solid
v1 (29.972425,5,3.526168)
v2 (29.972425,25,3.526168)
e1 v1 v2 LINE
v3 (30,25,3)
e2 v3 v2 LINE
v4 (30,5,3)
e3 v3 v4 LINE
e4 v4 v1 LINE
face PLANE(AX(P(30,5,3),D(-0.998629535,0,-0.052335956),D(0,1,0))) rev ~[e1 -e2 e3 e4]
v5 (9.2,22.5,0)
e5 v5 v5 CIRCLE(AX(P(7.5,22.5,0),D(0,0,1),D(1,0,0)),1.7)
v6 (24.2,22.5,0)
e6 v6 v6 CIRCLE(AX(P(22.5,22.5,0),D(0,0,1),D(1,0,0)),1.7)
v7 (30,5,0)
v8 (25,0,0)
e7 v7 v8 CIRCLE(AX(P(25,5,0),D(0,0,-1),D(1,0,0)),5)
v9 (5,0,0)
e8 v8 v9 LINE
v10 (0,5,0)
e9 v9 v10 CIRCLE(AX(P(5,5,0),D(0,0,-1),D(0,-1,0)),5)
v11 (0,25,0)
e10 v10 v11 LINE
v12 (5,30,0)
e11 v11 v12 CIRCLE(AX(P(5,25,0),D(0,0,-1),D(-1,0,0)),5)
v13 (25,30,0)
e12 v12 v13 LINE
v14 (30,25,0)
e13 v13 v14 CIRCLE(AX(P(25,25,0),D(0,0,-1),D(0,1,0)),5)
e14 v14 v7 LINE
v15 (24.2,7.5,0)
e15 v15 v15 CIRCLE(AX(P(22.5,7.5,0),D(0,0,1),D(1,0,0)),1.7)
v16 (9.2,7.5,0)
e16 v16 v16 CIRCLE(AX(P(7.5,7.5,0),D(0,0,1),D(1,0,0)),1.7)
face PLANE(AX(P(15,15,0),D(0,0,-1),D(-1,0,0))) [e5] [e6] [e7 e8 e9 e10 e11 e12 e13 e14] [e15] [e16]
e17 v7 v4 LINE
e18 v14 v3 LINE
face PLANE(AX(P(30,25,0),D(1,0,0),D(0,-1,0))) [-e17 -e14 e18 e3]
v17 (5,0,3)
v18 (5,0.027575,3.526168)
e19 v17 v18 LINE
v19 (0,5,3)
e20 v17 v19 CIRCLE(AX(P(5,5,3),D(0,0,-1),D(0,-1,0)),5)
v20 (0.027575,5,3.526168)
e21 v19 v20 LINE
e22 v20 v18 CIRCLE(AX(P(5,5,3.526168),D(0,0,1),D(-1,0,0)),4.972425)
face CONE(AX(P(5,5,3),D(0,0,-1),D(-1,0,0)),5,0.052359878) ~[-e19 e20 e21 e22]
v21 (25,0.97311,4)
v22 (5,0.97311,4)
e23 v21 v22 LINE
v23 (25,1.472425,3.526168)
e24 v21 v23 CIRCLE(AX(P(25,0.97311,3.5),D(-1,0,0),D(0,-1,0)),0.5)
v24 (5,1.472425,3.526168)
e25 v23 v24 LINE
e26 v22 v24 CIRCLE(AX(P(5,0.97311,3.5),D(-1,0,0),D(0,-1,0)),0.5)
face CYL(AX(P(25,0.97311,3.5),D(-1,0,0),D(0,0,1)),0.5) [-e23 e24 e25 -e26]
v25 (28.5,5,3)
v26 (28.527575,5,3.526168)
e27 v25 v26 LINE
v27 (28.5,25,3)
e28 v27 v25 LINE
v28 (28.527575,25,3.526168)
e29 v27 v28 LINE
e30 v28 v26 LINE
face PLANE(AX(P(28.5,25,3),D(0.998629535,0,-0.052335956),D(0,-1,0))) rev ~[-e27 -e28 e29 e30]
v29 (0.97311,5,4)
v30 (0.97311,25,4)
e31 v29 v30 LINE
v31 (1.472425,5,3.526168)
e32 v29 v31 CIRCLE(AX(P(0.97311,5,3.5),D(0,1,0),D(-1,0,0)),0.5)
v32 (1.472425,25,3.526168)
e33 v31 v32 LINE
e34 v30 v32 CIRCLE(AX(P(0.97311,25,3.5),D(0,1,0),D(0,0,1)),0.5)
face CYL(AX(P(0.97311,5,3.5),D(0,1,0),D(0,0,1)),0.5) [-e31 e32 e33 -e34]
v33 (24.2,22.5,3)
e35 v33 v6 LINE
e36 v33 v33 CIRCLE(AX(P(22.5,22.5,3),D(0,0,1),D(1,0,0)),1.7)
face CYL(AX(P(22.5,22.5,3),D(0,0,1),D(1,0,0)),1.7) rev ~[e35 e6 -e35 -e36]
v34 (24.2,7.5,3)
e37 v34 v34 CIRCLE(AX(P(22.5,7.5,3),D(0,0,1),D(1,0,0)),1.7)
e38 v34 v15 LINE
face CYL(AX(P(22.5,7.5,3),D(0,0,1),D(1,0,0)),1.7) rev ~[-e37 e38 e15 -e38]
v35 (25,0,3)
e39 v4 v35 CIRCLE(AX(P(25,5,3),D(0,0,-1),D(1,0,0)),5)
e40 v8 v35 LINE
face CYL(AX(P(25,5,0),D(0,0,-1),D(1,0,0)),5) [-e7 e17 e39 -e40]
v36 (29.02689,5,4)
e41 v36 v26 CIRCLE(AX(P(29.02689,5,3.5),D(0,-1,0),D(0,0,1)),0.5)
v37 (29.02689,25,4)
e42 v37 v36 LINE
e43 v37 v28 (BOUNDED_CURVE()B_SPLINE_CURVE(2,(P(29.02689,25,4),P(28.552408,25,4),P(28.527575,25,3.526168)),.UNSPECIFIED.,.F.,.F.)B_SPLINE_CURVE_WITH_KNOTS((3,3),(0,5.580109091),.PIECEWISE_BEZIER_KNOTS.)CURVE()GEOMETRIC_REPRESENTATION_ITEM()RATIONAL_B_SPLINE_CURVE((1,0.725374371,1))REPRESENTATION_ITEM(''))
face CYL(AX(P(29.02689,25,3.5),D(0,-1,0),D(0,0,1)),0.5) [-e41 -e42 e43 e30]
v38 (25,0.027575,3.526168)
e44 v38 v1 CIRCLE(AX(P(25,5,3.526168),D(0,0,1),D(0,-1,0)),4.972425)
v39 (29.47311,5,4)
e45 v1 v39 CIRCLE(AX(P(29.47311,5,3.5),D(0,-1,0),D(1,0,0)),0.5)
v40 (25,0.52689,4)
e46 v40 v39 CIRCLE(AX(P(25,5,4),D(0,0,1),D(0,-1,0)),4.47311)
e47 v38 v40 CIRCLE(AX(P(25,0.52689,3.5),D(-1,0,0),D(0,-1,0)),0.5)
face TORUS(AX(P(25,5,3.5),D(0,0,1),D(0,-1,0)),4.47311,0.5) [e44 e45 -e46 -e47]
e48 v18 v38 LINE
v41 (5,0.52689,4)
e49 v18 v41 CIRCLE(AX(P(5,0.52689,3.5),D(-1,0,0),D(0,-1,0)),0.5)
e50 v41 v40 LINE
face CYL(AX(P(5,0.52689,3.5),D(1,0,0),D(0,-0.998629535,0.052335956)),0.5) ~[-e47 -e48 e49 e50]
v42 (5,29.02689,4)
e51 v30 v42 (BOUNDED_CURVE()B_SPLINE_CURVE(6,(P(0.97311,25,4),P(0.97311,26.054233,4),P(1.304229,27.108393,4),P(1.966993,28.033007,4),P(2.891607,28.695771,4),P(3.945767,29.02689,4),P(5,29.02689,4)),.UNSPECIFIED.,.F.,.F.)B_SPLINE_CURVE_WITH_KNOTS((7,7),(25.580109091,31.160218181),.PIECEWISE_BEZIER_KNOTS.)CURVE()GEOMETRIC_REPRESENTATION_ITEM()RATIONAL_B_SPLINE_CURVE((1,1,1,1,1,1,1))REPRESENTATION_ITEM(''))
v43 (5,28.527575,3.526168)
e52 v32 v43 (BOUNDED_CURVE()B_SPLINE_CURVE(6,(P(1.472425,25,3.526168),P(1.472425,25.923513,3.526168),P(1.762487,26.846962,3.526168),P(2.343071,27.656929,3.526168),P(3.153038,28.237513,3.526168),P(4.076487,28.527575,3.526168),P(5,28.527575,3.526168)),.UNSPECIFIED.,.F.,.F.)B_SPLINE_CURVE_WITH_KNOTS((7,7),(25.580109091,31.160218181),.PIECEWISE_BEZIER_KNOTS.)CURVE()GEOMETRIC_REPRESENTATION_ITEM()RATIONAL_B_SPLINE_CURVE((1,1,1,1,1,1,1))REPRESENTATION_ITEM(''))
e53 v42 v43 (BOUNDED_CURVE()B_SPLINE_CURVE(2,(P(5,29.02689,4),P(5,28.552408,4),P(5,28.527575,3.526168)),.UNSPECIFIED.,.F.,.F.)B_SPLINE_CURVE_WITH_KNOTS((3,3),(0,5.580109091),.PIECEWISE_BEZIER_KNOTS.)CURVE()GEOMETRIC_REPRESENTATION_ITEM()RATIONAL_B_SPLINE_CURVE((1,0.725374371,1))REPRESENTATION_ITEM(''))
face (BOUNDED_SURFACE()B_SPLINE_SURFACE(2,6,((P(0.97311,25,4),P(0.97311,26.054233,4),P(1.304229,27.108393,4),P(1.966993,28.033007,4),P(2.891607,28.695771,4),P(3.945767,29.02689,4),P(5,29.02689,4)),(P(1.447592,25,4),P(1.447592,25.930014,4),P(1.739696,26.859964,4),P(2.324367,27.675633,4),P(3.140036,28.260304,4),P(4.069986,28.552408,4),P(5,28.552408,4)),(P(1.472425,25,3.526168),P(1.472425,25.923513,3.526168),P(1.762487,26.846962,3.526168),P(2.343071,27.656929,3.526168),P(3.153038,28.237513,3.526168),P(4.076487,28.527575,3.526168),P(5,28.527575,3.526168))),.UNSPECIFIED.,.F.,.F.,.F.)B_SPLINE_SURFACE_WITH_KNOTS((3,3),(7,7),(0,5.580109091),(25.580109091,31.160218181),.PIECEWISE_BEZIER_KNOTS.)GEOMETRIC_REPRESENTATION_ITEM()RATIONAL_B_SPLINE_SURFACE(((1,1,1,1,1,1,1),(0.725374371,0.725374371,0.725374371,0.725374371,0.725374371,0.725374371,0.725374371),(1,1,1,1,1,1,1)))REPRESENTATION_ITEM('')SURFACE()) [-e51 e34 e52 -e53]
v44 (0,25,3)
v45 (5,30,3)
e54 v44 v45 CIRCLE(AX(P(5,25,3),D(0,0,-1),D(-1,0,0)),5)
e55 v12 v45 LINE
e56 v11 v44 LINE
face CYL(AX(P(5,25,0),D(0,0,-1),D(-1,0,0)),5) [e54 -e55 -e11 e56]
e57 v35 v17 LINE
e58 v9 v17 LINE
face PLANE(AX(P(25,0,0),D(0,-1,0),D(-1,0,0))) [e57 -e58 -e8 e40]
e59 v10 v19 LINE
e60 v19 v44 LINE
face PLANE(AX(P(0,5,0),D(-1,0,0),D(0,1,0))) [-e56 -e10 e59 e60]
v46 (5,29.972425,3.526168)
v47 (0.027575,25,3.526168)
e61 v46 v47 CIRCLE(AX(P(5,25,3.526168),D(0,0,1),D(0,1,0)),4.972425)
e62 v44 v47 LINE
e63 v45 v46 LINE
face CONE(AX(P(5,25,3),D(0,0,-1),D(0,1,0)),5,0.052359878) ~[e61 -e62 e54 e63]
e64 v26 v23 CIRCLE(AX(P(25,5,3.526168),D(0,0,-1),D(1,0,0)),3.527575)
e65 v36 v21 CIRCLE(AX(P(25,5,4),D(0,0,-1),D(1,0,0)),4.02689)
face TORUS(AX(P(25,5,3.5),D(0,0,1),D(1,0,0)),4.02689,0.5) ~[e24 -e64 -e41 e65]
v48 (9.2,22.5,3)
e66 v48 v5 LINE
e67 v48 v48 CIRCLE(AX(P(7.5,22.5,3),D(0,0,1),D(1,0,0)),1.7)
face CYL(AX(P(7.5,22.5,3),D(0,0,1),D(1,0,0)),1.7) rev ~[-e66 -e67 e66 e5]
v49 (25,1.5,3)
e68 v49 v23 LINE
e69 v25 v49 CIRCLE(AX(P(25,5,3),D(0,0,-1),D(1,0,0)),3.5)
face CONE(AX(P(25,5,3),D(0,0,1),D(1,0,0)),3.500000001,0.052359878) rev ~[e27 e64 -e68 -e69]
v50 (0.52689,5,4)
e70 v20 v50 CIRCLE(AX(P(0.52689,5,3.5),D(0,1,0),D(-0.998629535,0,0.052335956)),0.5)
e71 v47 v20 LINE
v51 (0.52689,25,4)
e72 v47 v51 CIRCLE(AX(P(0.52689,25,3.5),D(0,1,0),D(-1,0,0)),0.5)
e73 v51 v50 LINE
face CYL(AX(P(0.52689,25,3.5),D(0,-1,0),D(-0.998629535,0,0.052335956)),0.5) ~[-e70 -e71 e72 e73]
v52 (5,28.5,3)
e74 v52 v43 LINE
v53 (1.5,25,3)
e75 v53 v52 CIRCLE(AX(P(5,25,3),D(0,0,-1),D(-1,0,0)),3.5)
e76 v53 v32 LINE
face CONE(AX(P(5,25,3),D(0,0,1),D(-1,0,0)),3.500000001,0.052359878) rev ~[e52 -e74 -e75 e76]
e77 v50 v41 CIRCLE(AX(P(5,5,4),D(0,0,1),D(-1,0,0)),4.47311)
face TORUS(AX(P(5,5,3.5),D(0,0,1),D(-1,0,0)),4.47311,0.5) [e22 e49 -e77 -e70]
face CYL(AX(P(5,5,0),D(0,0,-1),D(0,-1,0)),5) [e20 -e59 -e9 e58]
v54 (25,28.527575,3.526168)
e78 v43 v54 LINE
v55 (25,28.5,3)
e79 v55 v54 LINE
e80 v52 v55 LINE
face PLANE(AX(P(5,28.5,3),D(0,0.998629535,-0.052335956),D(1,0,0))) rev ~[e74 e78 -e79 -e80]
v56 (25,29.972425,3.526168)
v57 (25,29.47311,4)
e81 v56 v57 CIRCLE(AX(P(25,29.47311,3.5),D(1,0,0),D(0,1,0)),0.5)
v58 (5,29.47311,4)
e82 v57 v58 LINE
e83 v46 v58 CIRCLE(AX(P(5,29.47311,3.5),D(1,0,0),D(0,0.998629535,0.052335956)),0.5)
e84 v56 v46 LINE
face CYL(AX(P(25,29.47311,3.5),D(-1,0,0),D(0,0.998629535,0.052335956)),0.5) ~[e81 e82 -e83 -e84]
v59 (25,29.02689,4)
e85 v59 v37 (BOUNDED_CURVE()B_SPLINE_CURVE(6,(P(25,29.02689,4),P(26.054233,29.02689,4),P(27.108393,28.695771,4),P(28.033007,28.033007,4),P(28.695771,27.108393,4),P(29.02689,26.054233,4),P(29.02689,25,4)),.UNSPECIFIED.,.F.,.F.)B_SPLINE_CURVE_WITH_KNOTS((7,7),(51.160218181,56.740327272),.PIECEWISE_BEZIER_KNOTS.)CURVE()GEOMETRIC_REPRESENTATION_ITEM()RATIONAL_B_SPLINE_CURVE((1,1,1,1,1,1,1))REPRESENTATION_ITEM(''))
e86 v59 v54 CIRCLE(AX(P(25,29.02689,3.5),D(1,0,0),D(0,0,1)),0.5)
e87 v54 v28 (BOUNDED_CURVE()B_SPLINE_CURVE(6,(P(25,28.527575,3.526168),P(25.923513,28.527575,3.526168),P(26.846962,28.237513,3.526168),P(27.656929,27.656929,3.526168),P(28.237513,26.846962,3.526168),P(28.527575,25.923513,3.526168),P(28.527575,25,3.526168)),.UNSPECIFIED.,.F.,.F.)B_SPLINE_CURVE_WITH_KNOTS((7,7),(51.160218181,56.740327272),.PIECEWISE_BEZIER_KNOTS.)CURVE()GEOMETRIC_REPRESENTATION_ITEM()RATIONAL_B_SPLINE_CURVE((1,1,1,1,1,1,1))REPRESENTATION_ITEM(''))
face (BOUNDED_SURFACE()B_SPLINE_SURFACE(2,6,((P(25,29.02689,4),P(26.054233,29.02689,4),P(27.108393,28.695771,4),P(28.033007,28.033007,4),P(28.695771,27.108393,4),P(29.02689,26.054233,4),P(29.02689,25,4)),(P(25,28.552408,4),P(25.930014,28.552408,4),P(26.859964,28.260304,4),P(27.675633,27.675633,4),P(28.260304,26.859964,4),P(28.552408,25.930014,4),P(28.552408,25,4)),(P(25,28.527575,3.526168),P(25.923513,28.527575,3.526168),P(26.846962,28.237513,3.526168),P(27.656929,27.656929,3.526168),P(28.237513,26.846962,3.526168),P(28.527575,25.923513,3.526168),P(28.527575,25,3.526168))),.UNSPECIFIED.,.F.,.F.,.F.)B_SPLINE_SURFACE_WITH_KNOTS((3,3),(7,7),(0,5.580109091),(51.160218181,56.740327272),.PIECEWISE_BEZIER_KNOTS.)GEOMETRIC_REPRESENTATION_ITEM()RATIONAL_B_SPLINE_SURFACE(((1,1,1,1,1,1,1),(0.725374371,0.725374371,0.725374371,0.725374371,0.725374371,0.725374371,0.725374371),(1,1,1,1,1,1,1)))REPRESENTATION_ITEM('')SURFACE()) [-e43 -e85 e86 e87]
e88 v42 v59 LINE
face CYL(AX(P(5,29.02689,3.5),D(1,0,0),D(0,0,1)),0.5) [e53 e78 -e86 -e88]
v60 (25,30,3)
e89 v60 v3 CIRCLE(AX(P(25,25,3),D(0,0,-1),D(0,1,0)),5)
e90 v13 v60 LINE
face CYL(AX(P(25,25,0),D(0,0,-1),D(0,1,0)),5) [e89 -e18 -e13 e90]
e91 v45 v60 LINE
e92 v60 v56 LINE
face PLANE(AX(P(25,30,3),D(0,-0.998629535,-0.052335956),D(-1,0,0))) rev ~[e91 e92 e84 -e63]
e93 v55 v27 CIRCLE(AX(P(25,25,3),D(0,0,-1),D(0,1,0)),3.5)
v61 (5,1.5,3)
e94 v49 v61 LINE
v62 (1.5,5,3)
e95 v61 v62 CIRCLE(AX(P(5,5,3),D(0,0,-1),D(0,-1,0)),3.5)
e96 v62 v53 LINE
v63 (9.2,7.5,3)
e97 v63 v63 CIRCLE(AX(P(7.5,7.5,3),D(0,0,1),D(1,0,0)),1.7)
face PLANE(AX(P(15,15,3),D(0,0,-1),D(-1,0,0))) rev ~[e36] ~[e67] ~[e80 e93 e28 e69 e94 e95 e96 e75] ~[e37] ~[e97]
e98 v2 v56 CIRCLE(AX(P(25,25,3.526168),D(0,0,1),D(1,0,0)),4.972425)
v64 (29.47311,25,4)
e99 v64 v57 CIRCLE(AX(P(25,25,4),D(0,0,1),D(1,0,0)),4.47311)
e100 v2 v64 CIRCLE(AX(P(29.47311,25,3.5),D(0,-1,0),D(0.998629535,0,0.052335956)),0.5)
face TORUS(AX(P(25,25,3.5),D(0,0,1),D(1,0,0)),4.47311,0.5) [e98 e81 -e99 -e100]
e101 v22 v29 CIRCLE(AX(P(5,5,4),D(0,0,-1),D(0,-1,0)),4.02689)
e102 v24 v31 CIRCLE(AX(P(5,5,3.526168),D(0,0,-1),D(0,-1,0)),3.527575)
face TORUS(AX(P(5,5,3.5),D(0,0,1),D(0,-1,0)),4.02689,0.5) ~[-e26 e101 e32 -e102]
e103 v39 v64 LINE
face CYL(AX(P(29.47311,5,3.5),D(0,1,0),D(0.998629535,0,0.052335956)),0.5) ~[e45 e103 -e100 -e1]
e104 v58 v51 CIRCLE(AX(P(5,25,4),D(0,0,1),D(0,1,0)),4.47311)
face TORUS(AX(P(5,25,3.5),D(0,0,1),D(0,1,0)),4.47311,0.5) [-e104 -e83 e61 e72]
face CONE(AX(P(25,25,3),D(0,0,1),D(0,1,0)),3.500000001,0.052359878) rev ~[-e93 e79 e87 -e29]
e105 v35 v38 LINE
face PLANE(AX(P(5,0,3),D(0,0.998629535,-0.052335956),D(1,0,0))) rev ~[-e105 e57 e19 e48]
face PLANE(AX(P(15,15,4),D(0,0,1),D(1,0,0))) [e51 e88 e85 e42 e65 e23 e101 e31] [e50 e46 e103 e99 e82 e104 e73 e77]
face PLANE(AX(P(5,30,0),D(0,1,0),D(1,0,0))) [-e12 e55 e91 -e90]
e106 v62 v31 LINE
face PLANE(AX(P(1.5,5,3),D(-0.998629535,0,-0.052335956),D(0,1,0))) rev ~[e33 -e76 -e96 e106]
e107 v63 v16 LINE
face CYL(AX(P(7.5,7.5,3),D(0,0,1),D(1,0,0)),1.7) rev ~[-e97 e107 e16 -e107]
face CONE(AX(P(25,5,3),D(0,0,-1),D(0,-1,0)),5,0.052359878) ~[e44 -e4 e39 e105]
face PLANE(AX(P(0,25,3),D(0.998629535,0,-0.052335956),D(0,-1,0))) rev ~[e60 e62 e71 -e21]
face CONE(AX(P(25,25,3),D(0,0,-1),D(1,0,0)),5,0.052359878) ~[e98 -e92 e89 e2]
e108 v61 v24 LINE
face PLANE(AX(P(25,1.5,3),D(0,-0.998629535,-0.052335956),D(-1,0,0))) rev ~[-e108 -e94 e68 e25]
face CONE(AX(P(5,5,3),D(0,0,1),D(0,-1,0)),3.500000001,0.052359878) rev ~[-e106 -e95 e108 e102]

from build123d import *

# Parameters (mm, degrees)
BOSS_EXTRUDE1_DEPTH = 3
SKETCH2_R           = 1.7
CUT_EXTRUDE1_DEPTH  = 43.532340636
BOSS_EXTRUDE2_DEPTH = 1
BOSS_EXTRUDE2_DRAFT = 3
FILLET1_R           = 0.5


with BuildPart() as part:
    # Sketch1 → Boss-Extrude1 (new body)
    with BuildSketch(Plane.XY):
        with BuildLine():
            Line((5, 30), (25, 30))
            ThreePointArc((25, 30), (28.535533906, 28.535533906), (30, 25))
            Line((30, 25), (30, 5))
            ThreePointArc((30, 5), (28.535533906, 1.464466094), (25, 0))
            Line((25, 0), (5, 0))
            ThreePointArc((5, 0), (1.464466094, 1.464466094), (0, 5))
            Line((0, 5), (0, 25))
            ThreePointArc((0, 25), (1.464466094, 28.535533906), (5, 30))
        make_face()
    extrude(amount=BOSS_EXTRUDE1_DEPTH)

    # Sketch2 → Cut-Extrude1 (cut, through all)
    with BuildSketch(Plane.XY.offset(3)):
        with Locations((22.5, 22.5)):
            Circle(SKETCH2_R)
        with Locations((7.5, 7.5)):
            Circle(SKETCH2_R)
        with Locations((7.5, 22.5)):
            Circle(SKETCH2_R)
        with Locations((22.5, 7.5)):
            Circle(SKETCH2_R)
    extrude(amount=-CUT_EXTRUDE1_DEPTH, mode=Mode.SUBTRACT)


with BuildPart() as boss_extrude2_tool:
    # Sketch3 → Boss-Extrude2 (with draft: the straight prism first)
    with BuildSketch(Plane.XY.offset(3)):
        with BuildLine():
            Line((30, 5), (30, 25))
            ThreePointArc((30, 25), (28.535533906, 28.535533906), (25, 30))
            Line((25, 30), (5, 30))
            ThreePointArc((5, 30), (1.464466094, 28.535533906), (0, 25))
            Line((0, 25), (0, 5))
            ThreePointArc((0, 5), (1.464466094, 1.464466094), (5, 0))
            Line((5, 0), (25, 0))
            ThreePointArc((25, 0), (28.535533906, 1.464466094), (30, 5))
        make_face()
        with BuildLine():
            Line((28.5, 25), (28.5, 5))
            ThreePointArc((28.5, 5), (27.474873734, 2.525126266), (25, 1.5))
            Line((25, 1.5), (5, 1.5))
            ThreePointArc((5, 1.5), (2.525126266, 2.525126266), (1.5, 5))
            Line((1.5, 5), (1.5, 25))
            ThreePointArc((1.5, 25), (2.525126266, 27.474873734), (5, 28.5))
            Line((5, 28.5), (25, 28.5))
            ThreePointArc((25, 28.5), (27.474873734, 27.474873734), (28.5, 25))
        make_face(mode=Mode.SUBTRACT)
    extrude(amount=BOSS_EXTRUDE2_DEPTH)
    # Boss-Extrude2: the draft: its side faces are tilted about the plane it starts from
    boss_extrude2_sides = [boss_extrude2_tool.faces().sort_by_distance(p)[0] for p in [
        (15, 0, 3.5),
        (28.535533906, 1.464466094, 3.5),
        (30, 15, 3.5),
        (28.535533906, 28.535533906, 3.5),
        (15, 30, 3.5),
        (1.464466094, 28.535533906, 3.5),
        (0, 15, 3.5),
        (1.464466094, 1.464466094, 3.5),
        (28.5, 15, 3.5),
        (27.474873734, 2.525126266, 3.5),
        (15, 1.5, 3.5),
        (2.525126266, 2.525126266, 3.5),
        (1.5, 15, 3.5),
        (2.525126266, 27.474873734, 3.5),
        (15, 28.5, 3.5),
        (27.474873734, 27.474873734, 3.5),
    ]]
    draft(boss_extrude2_sides, Plane.XY.offset(3), BOSS_EXTRUDE2_DRAFT)


with BuildPart() as part_1:
    add(part.part)

    # Boss-Extrude2: add boss_extrude2_tool
    add(boss_extrude2_tool.part)

    # Fillet1
    fillet1_edges = [part_1.edges().sort_by_distance(p)[0] for p in [
        (28.49847601, 1.50152399, 4),
        (29.947592221, 15, 4),
        (28.49847601, 28.49847601, 4),
        (15, 29.947592221, 4),
        (1.50152399, 28.49847601, 4),
        (0.052407779, 15, 4),
        (1.50152399, 1.50152399, 4),
        (15, 0.052407779, 4),
        (2.48806837, 2.48806837, 4),
        (15, 1.447592221, 4),
        (27.51193163, 2.48806837, 4),
        (28.552407779, 15, 4),
        (27.51193163, 27.51193163, 4),
        (15, 28.552407779, 4),
        (2.48806837, 27.51193163, 4),
        (1.447592221, 15, 4),
    ]]
    fillet(fillet1_edges, radius=FILLET1_R)


solid = part_1.part
